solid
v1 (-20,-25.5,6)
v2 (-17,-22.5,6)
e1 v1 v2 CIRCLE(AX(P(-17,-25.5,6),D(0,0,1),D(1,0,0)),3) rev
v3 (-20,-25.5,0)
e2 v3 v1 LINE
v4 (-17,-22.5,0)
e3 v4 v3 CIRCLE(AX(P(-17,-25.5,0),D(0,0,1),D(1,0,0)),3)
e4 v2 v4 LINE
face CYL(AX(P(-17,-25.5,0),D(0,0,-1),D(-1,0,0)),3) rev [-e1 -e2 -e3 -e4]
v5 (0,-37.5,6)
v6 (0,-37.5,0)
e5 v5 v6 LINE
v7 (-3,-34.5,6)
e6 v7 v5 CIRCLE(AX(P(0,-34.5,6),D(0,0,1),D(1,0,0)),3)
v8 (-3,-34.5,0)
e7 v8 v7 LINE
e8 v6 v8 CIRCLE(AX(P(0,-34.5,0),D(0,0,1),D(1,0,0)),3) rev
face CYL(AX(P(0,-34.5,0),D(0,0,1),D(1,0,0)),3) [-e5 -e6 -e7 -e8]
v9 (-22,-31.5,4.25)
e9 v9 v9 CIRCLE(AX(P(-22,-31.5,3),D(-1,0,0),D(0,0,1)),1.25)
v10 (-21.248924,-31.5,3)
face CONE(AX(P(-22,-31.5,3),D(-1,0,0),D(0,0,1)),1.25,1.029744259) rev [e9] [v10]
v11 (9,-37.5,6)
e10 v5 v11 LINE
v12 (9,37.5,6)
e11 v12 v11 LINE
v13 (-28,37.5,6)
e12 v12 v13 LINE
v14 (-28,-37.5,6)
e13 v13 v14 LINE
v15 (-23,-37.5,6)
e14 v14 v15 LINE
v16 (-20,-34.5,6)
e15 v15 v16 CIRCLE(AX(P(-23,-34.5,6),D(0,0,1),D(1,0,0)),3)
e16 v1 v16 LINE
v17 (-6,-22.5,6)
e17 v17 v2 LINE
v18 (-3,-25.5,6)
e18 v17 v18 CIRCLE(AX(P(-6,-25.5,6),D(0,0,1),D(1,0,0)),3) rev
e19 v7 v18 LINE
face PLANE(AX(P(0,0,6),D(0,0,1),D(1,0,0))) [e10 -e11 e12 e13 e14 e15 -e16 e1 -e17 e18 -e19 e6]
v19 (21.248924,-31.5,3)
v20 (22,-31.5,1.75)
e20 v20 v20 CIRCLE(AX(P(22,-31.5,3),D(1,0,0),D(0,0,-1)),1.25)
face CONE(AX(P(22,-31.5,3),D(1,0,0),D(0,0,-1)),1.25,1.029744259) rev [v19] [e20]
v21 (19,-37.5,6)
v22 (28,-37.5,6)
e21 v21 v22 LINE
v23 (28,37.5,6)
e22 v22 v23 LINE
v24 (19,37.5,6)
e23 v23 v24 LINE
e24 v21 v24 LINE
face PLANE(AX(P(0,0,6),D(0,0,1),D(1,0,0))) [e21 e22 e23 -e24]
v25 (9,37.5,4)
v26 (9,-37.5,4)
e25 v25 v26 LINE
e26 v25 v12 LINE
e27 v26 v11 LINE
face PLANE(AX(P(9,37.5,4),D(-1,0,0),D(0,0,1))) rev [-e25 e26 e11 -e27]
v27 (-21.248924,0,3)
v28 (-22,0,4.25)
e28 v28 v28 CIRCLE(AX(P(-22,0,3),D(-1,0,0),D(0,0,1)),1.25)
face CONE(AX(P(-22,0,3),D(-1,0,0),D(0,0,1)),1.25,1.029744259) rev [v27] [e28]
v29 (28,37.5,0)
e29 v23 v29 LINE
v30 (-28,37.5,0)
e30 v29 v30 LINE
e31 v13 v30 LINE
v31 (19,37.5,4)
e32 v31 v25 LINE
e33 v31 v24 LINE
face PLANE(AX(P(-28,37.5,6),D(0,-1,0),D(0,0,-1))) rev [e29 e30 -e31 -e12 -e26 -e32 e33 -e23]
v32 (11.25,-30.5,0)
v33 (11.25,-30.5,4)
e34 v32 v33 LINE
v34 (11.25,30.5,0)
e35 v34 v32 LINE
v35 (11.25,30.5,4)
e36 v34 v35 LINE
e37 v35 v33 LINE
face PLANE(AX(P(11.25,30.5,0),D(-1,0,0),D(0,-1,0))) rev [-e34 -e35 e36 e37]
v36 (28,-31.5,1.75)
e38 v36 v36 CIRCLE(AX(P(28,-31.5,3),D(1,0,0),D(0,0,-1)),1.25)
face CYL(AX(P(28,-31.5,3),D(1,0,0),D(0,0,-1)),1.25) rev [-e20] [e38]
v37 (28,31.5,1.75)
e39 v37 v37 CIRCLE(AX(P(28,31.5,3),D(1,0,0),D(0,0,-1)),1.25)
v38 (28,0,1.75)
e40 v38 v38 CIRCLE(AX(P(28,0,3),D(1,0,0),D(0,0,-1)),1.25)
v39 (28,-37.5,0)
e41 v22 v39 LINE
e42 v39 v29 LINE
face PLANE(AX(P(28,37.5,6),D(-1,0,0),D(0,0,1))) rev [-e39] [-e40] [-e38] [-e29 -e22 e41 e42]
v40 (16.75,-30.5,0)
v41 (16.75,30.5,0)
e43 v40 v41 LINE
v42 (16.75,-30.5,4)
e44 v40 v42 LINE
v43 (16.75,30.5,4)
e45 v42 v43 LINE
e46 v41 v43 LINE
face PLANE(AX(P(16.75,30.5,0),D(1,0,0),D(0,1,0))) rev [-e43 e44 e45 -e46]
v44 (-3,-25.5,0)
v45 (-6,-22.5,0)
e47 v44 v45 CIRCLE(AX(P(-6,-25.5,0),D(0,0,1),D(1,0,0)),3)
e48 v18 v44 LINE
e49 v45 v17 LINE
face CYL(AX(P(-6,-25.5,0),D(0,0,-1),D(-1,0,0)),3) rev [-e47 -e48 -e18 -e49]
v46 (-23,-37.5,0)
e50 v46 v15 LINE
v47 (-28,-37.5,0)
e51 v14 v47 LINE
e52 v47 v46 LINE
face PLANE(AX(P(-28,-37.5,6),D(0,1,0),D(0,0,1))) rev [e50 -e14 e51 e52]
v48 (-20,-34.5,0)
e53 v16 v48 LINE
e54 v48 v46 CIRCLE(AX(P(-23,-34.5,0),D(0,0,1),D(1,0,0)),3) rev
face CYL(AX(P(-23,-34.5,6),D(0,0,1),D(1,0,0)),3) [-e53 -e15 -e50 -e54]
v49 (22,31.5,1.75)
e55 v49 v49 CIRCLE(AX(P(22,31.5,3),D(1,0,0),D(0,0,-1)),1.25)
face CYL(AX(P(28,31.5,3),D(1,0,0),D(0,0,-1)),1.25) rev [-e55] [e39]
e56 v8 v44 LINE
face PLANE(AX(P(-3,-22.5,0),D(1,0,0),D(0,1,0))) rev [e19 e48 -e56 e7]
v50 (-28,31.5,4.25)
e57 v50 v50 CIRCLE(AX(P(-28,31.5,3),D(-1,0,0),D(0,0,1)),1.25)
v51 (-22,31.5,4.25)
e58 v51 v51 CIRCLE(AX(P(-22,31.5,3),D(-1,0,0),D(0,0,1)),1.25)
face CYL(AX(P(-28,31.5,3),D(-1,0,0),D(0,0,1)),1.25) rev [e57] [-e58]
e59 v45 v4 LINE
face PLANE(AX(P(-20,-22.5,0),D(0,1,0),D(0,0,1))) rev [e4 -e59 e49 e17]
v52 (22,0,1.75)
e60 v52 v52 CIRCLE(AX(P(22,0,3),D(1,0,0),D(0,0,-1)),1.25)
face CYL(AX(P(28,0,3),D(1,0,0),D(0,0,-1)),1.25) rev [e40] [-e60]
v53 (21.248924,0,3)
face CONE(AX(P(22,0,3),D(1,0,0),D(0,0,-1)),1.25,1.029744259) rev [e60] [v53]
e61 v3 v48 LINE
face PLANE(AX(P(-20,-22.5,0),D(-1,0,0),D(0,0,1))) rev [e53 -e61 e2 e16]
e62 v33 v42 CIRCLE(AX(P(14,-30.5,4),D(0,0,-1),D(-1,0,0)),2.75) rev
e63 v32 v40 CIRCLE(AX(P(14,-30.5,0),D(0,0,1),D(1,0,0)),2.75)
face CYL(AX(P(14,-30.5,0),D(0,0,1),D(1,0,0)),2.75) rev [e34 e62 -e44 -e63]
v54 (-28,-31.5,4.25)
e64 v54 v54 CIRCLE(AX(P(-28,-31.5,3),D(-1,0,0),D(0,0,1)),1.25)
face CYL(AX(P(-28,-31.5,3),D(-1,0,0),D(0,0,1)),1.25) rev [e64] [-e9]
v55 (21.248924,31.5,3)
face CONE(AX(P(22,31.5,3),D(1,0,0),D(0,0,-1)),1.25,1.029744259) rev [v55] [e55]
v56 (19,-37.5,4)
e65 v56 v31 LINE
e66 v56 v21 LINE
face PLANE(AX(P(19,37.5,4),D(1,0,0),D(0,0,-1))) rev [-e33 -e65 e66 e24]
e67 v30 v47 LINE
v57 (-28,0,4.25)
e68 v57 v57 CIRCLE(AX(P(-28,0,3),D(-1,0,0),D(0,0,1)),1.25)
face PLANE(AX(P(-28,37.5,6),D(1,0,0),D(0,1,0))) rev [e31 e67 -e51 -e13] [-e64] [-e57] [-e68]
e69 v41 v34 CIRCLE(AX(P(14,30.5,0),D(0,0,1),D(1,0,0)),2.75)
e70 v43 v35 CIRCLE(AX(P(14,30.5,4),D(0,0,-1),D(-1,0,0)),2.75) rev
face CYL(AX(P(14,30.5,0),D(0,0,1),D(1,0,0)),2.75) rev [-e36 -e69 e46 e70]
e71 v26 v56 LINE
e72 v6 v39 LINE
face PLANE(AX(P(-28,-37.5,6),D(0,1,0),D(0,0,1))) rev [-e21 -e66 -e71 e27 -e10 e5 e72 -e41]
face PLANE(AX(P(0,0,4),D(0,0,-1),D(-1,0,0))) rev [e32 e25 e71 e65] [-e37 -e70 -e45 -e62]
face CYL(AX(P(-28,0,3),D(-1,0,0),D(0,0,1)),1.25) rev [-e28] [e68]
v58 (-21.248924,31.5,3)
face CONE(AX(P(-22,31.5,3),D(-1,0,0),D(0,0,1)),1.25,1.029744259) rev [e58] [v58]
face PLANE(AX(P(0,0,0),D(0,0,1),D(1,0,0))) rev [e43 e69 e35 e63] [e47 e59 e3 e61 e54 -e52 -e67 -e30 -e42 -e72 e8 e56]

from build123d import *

# Parameters (mm, degrees)
SKETCH_1_W          = 56
SKETCH_1_H          = 75
EXTRUDE_1_DEPTH     = 6
CUT_EXTRUDE_1_DEPTH = 48.183153773
M3X0_51_AT_2_COUNT  = 2
M3X0_51_AT_2_PITCH  = 31.5
M3X0_51_AT_3_COUNT  = 2
M3X0_51_AT_3_PITCH  = 63
SKETCH_6_W          = 10
SKETCH_6_H          = 75
CUT_EXTRUDE_2_DEPTH = 2
SKETCH_7_W          = 17
SKETCH_7_H          = 15
CUT_EXTRUDE_3_DEPTH = 48.183153773
FILLET_1_R          = 3


with BuildPart() as part:
    # Эскиз1 → Бобышка-Вытянуть1 (new body)
    with BuildSketch(Plane.XY):
        Rectangle(SKETCH_1_W, SKETCH_1_H)
    extrude(amount=EXTRUDE_1_DEPTH)

    # Эскиз2 → Вырез-Вытянуть1 (cut, through all)
    with BuildSketch(Plane.XY.offset(6)):
        with BuildLine():
            Line((16.75, 30.5), (16.75, -30.5))
            ThreePointArc((16.75, -30.5), (14, -33.25), (11.25, -30.5))
            Line((11.25, -30.5), (11.25, 30.5))
            ThreePointArc((11.25, 30.5), (14, 33.25), (16.75, 30.5))
        make_face()
    extrude(amount=-CUT_EXTRUDE_1_DEPTH, mode=Mode.SUBTRACT)

    # Эскиз4 → Отверстие обработанное метчиком M3x0.51 (revolve, cut)
    with BuildSketch(Plane(origin=(-28, 31.5, 3), x_dir=(0, 0, 1), z_dir=(0, 1, 0))):
        Polygon((0, 0), (0, 6.751075774), (1.25, 6), (1.25, 0), align=None)
    m3x0_51 = revolve(axis=Axis((-34.35, 31.5, 3), (1, 0, 0)), mode=Mode.SUBTRACT)

    # Отверстие обработанное метчиком M3x0.51 at 2: Отверстие обработанное метчиком M3x0.51 ×2
    with Locations(*[(0, -i * M3X0_51_AT_2_PITCH, 0) for i in range(1, M3X0_51_AT_2_COUNT)]):
        add(m3x0_51, mode=Mode.SUBTRACT)

    # Отверстие обработанное метчиком M3x0.51 at 3: Отверстие обработанное метчиком M3x0.51 ×2
    with Locations(*[(0, -i * M3X0_51_AT_3_PITCH, 0) for i in range(1, M3X0_51_AT_3_COUNT)]):
        add(m3x0_51, mode=Mode.SUBTRACT)

    # Зеркальное отражение1: Отверстие обработанное метчиком M3x0.51 across plane
    add(m3x0_51.mirror(Plane.ZY), mode=Mode.SUBTRACT)

    # Зеркальное отражение1 copy 1 sketch → Зеркальное отражение1 copy 1 (revolve, cut)
    with BuildSketch(Plane(origin=(28, 0, 3), x_dir=(0, 0, 1), z_dir=(0, 1, 0))):
        Polygon((0, 0), (0, -6.751075774), (1.25, -6), (1.25, 0), align=None)
    revolve(axis=Axis((34.35, 0, 3), (1, 0, 0)), mode=Mode.SUBTRACT)

    # Зеркальное отражение1 copy 2 sketch → Зеркальное отражение1 copy 2 (revolve, cut)
    with BuildSketch(Plane(origin=(28, -31.5, 3), x_dir=(0, 0, 1), z_dir=(0, 1, 0))):
        Polygon((0, 0), (0, -6.751075774), (1.25, -6), (1.25, 0), align=None)
    revolve(axis=Axis((34.35, -31.5, 3), (1, 0, 0)), mode=Mode.SUBTRACT)

    # Эскиз6 → Вырез-Вытянуть2 (cut)
    with BuildSketch(Plane.XY.offset(6)):
        with Locations((14, 0)):
            Rectangle(SKETCH_6_W, SKETCH_6_H)
    extrude(amount=-CUT_EXTRUDE_2_DEPTH, mode=Mode.SUBTRACT)

    # Эскиз7 → Вырез-Вытянуть3 (cut, through all)
    with BuildSketch(Plane.XY.offset(6)):
        with Locations((-11.5, -30)):
            Rectangle(SKETCH_7_W, SKETCH_7_H)
    extrude(amount=-CUT_EXTRUDE_3_DEPTH, mode=Mode.SUBTRACT)

    # Скругление1
    fillet_1_edges = [part.edges().sort_by_distance(p)[0] for p in [
        (-3, -22.5, 3),
        (-3, -37.5, 3),
        (-20, -37.5, 3),
        (-20, -22.5, 3),
    ]]
    fillet(fillet_1_edges, radius=FILLET_1_R)


solid = part.part
